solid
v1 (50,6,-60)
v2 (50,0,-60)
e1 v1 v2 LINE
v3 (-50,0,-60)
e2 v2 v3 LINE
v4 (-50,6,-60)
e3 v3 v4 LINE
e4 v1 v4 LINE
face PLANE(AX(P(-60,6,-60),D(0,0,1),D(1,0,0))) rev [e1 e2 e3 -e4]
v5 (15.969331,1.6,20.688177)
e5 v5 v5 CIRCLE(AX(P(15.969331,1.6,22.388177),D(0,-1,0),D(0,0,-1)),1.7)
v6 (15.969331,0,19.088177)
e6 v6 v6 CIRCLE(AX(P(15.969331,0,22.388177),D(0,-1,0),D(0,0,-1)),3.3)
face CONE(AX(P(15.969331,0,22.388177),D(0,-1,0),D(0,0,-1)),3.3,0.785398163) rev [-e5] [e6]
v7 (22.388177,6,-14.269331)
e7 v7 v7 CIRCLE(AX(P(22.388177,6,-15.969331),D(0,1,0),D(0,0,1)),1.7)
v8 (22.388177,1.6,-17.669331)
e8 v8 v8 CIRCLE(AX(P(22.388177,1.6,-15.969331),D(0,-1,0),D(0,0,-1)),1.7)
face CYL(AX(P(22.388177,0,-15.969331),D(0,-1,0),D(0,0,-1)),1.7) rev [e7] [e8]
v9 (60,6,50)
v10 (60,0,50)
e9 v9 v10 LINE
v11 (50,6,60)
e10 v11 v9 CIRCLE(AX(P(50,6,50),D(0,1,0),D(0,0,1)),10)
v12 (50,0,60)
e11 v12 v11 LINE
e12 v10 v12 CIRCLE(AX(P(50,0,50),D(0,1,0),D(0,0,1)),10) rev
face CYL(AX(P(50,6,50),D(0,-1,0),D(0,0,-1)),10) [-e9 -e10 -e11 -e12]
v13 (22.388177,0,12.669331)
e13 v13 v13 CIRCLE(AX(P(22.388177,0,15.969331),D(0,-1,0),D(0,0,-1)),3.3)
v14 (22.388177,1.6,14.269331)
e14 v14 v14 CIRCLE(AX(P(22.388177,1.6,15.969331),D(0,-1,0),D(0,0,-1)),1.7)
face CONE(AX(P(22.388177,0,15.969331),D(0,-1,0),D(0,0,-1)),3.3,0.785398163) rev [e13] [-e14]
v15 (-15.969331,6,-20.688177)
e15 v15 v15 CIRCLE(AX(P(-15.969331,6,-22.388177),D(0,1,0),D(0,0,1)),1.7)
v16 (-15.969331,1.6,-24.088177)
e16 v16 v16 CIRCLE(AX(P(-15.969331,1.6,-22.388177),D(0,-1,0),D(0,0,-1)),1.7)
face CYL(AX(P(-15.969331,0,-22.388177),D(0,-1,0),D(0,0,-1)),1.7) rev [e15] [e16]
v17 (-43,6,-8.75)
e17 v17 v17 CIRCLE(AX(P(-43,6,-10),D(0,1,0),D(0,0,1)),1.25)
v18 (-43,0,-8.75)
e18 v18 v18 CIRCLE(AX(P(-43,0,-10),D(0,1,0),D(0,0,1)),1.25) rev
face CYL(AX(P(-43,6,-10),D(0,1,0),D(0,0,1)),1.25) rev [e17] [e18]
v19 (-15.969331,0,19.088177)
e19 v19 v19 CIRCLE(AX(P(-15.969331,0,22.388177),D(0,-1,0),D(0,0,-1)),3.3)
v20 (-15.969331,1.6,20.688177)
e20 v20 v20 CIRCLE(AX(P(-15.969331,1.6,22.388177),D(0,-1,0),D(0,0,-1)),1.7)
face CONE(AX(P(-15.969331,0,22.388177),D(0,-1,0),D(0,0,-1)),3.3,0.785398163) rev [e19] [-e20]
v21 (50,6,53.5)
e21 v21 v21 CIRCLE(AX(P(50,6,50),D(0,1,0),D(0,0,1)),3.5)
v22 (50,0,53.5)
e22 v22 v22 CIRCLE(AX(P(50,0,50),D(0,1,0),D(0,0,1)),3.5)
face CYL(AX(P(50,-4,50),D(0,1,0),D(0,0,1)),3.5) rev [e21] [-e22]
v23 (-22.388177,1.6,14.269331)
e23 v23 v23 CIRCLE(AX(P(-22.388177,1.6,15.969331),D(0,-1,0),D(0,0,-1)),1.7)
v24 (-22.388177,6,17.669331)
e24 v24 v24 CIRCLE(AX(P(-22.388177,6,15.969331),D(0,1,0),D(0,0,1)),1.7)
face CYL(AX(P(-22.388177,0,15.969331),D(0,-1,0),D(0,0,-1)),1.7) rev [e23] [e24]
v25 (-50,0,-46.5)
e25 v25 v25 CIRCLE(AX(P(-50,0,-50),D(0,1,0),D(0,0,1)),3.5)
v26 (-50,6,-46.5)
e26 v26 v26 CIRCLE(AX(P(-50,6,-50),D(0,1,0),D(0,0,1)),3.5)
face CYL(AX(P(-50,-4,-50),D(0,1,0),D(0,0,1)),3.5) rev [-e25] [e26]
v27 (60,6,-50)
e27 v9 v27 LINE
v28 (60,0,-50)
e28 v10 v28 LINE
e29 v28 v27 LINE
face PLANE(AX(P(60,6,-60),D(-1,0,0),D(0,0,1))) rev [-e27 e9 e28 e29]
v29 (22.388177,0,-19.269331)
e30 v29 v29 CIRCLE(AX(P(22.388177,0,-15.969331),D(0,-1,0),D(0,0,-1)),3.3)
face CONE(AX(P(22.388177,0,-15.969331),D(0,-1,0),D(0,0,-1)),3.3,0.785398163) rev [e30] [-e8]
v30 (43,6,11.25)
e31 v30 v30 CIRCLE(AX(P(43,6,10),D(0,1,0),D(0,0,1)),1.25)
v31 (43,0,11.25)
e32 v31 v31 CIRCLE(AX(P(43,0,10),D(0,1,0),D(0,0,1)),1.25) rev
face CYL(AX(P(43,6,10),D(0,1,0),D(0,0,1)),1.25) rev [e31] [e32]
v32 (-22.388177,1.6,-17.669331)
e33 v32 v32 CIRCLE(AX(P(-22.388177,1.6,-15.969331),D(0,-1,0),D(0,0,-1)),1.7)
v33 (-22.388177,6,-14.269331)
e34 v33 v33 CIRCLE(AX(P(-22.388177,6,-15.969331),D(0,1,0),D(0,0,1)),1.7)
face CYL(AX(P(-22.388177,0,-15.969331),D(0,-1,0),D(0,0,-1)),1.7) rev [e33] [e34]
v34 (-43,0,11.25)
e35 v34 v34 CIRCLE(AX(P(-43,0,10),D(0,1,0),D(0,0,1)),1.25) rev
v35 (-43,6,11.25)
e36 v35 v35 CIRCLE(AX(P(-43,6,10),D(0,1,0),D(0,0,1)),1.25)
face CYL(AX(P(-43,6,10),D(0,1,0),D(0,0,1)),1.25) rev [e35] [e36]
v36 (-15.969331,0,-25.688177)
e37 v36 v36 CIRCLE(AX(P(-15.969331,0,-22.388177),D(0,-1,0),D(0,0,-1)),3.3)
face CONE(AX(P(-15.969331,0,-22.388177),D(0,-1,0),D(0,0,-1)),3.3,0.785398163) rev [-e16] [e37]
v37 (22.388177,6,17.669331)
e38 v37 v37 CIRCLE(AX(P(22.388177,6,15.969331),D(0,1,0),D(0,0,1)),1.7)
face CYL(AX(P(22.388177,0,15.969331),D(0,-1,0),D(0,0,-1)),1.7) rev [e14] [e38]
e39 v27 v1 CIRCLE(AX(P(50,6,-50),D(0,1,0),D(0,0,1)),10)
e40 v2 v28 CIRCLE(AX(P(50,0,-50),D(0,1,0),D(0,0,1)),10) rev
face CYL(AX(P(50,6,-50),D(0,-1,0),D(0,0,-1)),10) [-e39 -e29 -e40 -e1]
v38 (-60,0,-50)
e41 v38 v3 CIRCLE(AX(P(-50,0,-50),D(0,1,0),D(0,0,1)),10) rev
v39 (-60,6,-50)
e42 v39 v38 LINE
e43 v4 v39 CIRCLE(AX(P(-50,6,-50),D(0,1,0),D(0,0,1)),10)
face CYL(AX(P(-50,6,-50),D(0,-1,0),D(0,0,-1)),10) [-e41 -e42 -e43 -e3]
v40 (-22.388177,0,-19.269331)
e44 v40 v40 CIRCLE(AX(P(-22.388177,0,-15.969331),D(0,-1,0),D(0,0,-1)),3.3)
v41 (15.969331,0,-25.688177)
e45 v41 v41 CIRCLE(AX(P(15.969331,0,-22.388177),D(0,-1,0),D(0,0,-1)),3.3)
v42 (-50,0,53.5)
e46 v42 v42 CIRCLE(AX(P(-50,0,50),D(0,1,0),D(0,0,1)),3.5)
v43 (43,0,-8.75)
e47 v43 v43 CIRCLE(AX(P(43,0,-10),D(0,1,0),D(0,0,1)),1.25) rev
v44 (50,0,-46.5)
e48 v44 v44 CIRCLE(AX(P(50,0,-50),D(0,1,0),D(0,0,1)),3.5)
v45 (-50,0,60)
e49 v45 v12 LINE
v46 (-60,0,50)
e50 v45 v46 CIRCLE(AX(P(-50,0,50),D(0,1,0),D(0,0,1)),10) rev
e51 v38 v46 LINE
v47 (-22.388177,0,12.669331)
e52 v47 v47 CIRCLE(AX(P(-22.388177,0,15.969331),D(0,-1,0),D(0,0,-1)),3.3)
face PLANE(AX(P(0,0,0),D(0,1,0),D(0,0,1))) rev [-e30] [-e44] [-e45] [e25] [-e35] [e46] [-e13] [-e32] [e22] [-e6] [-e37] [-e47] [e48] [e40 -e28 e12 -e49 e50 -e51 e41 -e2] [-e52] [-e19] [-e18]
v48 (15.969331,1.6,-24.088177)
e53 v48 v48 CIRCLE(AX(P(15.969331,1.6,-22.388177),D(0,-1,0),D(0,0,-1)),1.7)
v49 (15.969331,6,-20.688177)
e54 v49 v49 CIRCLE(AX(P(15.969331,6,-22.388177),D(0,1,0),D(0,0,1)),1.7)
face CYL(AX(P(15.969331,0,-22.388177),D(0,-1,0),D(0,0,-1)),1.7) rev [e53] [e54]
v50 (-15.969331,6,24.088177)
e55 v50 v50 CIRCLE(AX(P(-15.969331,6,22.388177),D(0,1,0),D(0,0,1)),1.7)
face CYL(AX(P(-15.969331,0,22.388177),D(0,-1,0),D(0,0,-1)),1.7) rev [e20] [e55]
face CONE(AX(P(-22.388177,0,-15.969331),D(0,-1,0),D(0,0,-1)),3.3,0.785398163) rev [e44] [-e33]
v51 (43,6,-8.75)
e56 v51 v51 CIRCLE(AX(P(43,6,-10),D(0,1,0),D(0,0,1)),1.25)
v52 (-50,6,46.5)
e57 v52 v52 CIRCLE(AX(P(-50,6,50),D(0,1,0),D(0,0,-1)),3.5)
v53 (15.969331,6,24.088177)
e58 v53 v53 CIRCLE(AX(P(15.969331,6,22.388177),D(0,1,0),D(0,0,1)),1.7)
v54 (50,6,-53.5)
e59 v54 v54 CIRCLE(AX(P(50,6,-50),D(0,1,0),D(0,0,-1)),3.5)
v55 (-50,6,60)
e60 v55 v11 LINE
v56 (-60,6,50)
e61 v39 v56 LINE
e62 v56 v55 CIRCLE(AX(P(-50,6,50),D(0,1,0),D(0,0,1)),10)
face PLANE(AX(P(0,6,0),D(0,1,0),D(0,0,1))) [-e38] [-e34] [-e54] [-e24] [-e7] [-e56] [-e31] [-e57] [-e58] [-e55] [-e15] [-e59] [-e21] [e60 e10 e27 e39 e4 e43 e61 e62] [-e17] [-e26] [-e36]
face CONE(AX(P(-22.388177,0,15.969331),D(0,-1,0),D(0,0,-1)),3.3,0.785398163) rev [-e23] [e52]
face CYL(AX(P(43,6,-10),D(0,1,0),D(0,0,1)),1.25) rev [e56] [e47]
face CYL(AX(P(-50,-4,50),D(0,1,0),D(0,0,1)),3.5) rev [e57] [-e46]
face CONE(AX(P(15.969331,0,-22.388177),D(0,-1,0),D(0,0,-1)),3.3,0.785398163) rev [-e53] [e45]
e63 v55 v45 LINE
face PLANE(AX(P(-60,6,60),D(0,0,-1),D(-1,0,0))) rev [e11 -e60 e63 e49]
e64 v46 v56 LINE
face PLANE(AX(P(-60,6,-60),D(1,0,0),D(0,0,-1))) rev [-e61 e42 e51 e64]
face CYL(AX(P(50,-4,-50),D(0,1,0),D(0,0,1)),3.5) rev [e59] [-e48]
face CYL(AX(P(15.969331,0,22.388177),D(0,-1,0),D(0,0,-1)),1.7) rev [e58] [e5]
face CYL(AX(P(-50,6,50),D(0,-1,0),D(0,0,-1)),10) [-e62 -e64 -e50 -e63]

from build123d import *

# Parameters (mm, degrees)
SKETCH_1_W                   = 120
SKETCH_1_H                   = 120
EXTRUDE_1_DEPTH              = 6
SKETCH_2_R                   = 3.5
CUT_EXTRUDE_1_DEPTH          = 10
FILLET_1_R                   = 10
HOLE_WIZARD_M3_1_D           = 3.4
HOLE_WIZARD_M3_1_CSINK_D     = 6.6
HOLE_WIZARD_M3_1_CSINK_ANGLE = 90
HOLE_WIZARD_M3_1_2_D         = 2.5
HOLE_WIZARD_M3_1_2_DEPTH     = 6
HOLE_WIZARD_M3_1_2_TIP       = 0.751075774


with BuildPart() as part:
    # 草图1 → 凸台-拉伸1 (new body)
    with BuildSketch(Plane(origin=(0, 0, 0), x_dir=(1, 0, 0), z_dir=(0, 1, 0))):
        Rectangle(SKETCH_1_W, SKETCH_1_H)
    extrude(amount=EXTRUDE_1_DEPTH)

    # 草图2 → 切除-拉伸1 (cut)
    with BuildSketch(Plane(origin=(0, 6, 0), x_dir=(1, 0, 0), z_dir=(0, 1, 0))):
        with Locations(Location((-50, 50, 0), (0, 0, 270))):
            Circle(SKETCH_2_R)
        with Locations(Location((50, 50, 0), (0, 0, 270))):
            Circle(SKETCH_2_R)
        with Locations(Location((50, -50, 0), (0, 0, 270))):
            Circle(SKETCH_2_R)
        with Locations(Location((-50, -50, 0), (0, 0, 270))):
            Circle(SKETCH_2_R)
    extrude(amount=-CUT_EXTRUDE_1_DEPTH, mode=Mode.SUBTRACT)

    # 圆角1
    fillet_1_edges = [part.edges().sort_by_distance(p)[0] for p in [
        (60, 3, 60),
        (-60, 3, 60),
        (-60, 3, -60),
        (60, 3, -60),
    ]]
    fillet(fillet_1_edges, radius=FILLET_1_R)

    # Hole Wizard M3 _1 (through all)
    with Locations(Plane.XZ):
        with Locations((15.969331282, -22.388176755), (22.388176755, -15.969331282), (22.388176755, 15.969331282), (15.969331282, 22.388176755), (-15.969331282, 22.388176755), (-22.388176755, 15.969331282), (-22.388176755, -15.969331282), (-15.969331282, -22.388176755)):
            CounterSinkHole(HOLE_WIZARD_M3_1_D / 2, HOLE_WIZARD_M3_1_CSINK_D / 2, counter_sink_angle=HOLE_WIZARD_M3_1_CSINK_ANGLE)

    # Hole Wizard M3 _1 2
    with Locations(Plane(origin=(0, 6, 0), x_dir=(1, 0, 0), z_dir=(0, 1, 0))):
        with Locations((-43, -10), (-43, 10), (43, -10), (43, 10)):
            Hole(HOLE_WIZARD_M3_1_2_D / 2, depth=HOLE_WIZARD_M3_1_2_DEPTH)
            with Locations((0, 0, -(HOLE_WIZARD_M3_1_2_DEPTH + HOLE_WIZARD_M3_1_2_TIP / 2))):  # 118° drill point
                Cone(0, HOLE_WIZARD_M3_1_2_D / 2, HOLE_WIZARD_M3_1_2_TIP, mode=Mode.SUBTRACT)


solid = part.part
